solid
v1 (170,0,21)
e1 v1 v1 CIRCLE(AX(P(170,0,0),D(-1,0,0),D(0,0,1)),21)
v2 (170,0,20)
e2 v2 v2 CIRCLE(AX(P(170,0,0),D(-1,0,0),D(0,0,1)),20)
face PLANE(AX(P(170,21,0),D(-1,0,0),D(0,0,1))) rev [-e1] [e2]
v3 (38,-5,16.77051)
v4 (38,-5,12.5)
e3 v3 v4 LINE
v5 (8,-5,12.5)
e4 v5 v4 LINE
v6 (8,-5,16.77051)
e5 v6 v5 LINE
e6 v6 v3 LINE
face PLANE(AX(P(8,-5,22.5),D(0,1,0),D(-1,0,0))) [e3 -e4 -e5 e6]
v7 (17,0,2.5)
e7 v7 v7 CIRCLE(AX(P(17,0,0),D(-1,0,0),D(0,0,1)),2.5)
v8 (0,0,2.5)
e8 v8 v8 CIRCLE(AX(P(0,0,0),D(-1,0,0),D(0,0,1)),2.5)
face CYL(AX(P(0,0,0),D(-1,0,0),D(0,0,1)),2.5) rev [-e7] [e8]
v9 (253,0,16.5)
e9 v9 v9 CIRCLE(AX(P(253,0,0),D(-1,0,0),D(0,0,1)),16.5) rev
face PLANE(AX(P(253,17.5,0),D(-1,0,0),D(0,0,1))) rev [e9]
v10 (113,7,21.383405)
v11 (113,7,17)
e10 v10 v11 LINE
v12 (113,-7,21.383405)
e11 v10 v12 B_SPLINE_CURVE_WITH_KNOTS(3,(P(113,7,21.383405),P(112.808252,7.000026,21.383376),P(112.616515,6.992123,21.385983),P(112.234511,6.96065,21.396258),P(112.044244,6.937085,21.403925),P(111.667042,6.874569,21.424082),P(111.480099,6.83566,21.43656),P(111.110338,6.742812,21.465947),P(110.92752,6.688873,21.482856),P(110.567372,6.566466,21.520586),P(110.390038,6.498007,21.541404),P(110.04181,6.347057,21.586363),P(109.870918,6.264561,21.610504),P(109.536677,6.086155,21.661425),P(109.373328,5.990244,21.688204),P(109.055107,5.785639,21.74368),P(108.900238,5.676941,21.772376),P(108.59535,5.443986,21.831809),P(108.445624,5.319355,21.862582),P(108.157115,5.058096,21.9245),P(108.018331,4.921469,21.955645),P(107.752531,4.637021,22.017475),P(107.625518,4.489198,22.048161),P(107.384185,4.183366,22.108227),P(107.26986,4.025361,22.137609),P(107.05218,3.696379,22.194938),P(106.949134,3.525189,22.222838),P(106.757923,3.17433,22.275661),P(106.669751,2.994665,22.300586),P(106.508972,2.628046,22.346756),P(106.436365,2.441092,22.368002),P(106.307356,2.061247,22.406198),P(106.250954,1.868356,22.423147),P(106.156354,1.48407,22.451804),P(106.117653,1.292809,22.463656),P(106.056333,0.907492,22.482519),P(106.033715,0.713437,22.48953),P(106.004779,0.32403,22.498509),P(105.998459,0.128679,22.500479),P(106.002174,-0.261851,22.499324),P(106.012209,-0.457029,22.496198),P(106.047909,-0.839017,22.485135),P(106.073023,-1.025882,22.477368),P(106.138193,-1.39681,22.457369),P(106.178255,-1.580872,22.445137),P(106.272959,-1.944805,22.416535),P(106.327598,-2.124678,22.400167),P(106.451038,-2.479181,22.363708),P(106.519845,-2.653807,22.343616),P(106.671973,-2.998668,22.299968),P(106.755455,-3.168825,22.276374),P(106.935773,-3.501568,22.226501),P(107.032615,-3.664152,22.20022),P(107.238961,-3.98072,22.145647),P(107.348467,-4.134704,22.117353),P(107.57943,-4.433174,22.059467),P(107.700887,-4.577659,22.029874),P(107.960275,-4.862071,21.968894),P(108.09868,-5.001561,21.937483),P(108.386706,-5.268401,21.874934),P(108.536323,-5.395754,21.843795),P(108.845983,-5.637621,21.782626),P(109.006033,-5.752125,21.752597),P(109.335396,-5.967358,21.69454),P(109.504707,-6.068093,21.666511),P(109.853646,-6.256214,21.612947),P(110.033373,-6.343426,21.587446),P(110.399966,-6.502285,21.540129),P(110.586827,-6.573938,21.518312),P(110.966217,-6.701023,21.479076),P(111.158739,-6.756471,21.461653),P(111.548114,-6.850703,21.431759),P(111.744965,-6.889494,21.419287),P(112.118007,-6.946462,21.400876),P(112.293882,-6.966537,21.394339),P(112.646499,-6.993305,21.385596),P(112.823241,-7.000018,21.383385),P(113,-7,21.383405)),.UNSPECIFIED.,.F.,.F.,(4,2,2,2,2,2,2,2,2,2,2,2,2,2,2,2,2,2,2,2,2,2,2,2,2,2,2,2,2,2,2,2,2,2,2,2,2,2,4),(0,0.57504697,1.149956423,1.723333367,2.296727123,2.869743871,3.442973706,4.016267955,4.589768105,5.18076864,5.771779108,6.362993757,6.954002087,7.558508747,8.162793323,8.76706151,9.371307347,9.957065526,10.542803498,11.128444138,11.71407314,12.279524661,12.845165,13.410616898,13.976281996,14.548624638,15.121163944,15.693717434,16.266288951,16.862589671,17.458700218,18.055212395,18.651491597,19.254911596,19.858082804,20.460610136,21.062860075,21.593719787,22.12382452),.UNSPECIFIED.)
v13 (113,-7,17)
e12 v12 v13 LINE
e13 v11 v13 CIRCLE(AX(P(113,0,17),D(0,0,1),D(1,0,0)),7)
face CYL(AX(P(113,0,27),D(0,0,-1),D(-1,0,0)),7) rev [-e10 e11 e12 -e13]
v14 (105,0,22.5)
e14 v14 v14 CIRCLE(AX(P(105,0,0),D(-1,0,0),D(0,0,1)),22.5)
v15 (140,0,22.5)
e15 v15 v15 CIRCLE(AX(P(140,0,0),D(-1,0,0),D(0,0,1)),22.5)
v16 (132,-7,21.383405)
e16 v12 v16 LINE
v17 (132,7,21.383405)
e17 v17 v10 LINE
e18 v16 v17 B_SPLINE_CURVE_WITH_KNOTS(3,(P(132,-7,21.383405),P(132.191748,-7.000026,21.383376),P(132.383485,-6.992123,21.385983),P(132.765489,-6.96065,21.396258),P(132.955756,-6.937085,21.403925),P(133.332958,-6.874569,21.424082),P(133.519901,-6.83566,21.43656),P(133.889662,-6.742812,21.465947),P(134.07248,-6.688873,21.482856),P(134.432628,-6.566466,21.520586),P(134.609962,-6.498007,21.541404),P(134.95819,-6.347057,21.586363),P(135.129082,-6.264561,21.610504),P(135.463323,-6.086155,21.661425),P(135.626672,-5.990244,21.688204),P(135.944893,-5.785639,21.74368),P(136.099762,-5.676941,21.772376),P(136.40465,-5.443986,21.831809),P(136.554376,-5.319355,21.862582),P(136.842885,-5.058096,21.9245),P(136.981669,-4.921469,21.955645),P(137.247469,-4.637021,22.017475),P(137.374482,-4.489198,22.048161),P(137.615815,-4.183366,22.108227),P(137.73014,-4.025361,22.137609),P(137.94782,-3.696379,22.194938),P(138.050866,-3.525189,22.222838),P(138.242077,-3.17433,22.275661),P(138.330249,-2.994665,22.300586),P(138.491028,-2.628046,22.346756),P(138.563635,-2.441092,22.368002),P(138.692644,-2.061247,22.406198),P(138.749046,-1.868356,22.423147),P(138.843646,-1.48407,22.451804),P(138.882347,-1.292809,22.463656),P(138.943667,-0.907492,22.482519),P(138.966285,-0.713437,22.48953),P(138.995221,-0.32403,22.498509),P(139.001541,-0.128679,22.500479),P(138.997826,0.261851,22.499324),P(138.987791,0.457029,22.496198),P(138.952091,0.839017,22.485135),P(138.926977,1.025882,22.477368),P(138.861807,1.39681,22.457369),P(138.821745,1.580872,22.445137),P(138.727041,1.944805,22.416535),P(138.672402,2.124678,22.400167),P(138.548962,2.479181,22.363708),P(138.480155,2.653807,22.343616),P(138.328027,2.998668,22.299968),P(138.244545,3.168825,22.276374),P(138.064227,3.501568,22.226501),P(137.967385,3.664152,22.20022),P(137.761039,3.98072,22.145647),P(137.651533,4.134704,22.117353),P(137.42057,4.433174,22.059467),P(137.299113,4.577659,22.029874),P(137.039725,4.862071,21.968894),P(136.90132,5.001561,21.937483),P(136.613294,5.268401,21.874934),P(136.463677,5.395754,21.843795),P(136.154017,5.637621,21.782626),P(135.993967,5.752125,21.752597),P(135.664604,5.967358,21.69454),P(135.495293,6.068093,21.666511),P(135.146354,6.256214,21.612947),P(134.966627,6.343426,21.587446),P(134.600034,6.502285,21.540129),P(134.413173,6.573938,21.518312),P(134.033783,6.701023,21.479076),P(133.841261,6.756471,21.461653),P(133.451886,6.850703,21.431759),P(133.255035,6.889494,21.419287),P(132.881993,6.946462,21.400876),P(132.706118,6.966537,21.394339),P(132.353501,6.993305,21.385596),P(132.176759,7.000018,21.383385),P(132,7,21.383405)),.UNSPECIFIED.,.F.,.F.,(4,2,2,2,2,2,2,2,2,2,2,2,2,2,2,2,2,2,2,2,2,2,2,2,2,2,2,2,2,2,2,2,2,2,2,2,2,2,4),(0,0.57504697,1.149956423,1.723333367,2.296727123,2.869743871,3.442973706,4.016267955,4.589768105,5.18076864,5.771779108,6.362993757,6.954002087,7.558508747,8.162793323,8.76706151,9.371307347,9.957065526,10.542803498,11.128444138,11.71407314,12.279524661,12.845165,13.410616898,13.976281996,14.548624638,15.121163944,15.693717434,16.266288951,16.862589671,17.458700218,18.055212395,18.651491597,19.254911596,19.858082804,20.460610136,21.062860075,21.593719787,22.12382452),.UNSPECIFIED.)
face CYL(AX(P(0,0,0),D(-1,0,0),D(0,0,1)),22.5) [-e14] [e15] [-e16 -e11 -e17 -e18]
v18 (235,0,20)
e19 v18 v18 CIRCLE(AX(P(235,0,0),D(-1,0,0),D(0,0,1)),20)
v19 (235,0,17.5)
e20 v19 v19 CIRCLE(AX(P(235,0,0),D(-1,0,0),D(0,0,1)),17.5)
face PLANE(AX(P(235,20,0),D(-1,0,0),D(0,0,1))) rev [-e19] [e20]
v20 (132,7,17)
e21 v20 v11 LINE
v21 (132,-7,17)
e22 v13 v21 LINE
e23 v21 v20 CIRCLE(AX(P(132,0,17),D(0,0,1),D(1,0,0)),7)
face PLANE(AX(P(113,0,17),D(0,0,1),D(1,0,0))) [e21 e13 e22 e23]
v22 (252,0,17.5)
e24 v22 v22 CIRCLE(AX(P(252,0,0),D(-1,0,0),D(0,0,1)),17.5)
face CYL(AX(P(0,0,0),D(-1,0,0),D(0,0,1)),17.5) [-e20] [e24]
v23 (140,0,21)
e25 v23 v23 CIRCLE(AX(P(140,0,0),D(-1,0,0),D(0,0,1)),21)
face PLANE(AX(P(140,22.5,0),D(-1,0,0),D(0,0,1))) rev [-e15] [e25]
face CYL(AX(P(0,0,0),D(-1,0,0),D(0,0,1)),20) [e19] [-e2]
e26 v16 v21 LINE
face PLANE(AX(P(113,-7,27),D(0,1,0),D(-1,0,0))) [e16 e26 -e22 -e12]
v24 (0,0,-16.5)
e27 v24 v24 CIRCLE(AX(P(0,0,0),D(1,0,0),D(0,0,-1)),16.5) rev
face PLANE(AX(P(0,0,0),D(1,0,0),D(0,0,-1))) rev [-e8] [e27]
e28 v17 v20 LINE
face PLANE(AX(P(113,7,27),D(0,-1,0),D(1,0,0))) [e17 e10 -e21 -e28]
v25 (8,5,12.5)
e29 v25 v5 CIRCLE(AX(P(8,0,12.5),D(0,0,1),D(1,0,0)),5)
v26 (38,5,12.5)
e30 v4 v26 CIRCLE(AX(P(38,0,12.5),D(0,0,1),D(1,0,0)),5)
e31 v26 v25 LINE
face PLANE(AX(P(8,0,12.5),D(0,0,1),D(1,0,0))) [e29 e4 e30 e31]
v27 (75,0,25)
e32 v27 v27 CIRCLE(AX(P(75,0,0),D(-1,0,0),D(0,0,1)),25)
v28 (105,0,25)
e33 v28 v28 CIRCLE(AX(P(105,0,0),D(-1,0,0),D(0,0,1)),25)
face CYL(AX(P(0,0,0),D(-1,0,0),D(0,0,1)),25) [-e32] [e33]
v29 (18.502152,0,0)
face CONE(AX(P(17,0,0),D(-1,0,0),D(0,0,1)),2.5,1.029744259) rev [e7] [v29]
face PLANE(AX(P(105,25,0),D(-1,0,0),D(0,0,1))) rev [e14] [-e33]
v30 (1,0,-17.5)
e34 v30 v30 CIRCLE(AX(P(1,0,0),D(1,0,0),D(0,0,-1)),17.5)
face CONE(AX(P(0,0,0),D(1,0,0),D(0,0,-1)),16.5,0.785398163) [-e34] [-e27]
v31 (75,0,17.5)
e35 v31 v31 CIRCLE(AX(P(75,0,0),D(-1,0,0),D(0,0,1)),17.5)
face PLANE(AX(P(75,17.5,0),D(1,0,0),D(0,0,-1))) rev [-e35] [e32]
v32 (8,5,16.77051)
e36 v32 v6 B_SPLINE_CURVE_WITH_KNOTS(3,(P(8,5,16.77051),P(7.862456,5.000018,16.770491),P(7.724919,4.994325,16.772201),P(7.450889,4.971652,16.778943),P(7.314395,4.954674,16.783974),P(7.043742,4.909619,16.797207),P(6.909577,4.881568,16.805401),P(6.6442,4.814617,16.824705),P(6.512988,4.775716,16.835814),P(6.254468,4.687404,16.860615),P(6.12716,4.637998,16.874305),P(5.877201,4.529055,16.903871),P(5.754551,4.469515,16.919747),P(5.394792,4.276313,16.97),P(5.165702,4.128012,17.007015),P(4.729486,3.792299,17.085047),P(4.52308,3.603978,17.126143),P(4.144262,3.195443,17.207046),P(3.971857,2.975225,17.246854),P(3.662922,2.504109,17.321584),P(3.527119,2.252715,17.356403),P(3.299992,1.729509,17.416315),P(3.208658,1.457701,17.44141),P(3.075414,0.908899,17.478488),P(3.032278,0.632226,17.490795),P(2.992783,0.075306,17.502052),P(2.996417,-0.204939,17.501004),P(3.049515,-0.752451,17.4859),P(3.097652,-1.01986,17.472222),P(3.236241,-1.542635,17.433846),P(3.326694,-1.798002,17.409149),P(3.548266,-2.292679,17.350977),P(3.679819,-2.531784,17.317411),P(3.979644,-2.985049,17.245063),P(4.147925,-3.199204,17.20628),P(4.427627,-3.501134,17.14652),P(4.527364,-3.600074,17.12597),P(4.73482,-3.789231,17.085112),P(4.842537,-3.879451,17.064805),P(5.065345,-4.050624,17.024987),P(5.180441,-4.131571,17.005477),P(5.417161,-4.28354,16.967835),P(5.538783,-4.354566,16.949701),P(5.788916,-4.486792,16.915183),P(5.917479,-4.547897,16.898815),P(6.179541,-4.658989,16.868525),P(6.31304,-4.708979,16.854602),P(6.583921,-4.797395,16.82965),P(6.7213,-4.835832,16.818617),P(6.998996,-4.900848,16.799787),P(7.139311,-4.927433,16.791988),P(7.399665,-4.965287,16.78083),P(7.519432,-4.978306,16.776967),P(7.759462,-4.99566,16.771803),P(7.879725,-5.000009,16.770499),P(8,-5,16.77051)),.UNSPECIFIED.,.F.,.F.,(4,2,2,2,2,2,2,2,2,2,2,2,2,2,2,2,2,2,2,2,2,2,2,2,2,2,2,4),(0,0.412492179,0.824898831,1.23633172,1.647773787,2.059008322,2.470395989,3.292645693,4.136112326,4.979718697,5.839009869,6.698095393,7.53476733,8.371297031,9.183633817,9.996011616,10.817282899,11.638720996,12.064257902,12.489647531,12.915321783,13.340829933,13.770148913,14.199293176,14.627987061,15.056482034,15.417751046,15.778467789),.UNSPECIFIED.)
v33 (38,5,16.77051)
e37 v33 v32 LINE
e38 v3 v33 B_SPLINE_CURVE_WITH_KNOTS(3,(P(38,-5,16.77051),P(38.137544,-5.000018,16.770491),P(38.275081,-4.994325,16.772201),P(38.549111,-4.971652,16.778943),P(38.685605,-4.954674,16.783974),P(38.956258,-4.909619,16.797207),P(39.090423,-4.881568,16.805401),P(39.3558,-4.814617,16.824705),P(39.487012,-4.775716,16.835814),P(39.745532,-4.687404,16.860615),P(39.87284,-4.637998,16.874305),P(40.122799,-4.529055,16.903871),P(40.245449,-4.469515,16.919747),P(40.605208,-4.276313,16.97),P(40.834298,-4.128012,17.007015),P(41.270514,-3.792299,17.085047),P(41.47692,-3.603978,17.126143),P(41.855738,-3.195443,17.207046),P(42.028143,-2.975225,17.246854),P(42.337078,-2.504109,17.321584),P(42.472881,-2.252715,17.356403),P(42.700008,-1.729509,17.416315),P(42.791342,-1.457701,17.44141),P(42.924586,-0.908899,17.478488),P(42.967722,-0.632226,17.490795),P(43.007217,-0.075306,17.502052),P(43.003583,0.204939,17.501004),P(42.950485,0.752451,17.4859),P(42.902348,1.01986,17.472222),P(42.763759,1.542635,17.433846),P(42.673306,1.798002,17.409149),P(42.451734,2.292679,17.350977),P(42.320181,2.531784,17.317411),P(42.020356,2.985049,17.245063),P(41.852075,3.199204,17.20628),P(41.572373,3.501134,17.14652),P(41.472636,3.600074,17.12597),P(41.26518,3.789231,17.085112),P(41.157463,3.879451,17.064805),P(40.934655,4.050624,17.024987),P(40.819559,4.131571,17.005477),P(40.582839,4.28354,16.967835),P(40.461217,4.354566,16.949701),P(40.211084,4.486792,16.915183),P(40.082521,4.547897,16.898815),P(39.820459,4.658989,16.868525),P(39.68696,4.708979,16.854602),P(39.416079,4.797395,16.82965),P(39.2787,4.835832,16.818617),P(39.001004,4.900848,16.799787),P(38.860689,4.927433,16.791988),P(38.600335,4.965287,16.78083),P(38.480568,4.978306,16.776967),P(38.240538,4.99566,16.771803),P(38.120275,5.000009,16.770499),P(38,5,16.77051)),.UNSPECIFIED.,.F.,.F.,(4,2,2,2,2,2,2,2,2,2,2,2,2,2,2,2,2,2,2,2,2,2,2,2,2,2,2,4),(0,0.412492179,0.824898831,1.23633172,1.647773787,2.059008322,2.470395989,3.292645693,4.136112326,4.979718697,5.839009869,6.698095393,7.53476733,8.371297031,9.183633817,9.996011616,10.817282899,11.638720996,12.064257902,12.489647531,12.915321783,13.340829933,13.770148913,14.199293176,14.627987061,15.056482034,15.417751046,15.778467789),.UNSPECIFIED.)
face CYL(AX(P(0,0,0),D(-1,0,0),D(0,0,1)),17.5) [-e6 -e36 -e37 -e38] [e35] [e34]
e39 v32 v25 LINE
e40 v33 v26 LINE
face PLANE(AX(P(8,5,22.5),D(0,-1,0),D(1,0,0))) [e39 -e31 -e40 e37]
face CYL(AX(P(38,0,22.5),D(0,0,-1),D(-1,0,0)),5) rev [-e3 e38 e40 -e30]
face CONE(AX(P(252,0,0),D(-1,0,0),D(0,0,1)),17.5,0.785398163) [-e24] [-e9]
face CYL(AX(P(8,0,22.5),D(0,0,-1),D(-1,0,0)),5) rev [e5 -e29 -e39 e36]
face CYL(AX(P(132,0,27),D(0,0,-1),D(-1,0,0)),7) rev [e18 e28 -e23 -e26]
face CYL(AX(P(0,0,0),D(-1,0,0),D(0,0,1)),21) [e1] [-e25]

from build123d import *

# Parameters (mm, degrees)
HOLE_WIZARD_M6_1_D     = 5
HOLE_WIZARD_M6_1_DEPTH = 17
HOLE_WIZARD_M6_1_TIP   = 1.502151548
CUT_EXTRUDE_1_DEPTH    = 10
CUT_EXTRUDE_2_DEPTH    = 10
CHAMFER_1_SIZE         = 1


with BuildPart() as part:
    # 草图1 → 旋转1 (revolve)
    with BuildSketch(Plane.XY, mode=Mode.PRIVATE) as revolve_1_sk:
        Polygon((0, 0), (0, 17.5), (45, 17.5), (75, 17.5), (75, 25), (105, 25), (105, 22.5), (140, 22.5), (140, 21), (170, 21), (170, 20), (235, 20), (235, 17.5), (253, 17.5), (253, 0), align=None)
    revolve(revolve_1_sk.sketch.rotate(Axis((0, 0, 0), (1, 0, 0)), 90), axis=Axis((0, 0, 0), (1, 0, 0)))

    # M6 螺纹孔1
    with Locations(Plane(origin=(0, 0, 0), x_dir=(0, 0, -1), z_dir=(-1, 0, 0))):
        with Locations((0, 0)):
            Hole(HOLE_WIZARD_M6_1_D / 2, depth=HOLE_WIZARD_M6_1_DEPTH)
            with Locations((0, 0, -(HOLE_WIZARD_M6_1_DEPTH + HOLE_WIZARD_M6_1_TIP / 2))):  # 118° drill point
                Cone(0, HOLE_WIZARD_M6_1_D / 2, HOLE_WIZARD_M6_1_TIP, mode=Mode.SUBTRACT)

    # 草图4 → 切除-拉伸1 (cut)
    with BuildSketch(Plane.XY.offset(17)):
        with BuildLine():
            Line((113, 7), (132, 7))
            ThreePointArc((132, 7), (139, 0), (132, -7))
            Line((132, -7), (113, -7))
            ThreePointArc((113, -7), (106, 0), (113, 7))
        make_face()
    extrude(amount=CUT_EXTRUDE_1_DEPTH, mode=Mode.SUBTRACT)

    # 草图5 → 切除-拉伸2 (cut)
    with BuildSketch(Plane.XY.offset(12.5)):
        with BuildLine():
            Line((8, 5), (38, 5))
            ThreePointArc((38, 5), (43, 0), (38, -5))
            Line((38, -5), (8, -5))
            ThreePointArc((8, -5), (3, 0), (8, 5))
        make_face()
    extrude(amount=CUT_EXTRUDE_2_DEPTH, mode=Mode.SUBTRACT)

    # 倒角1
    chamfer_1_edges = [part.edges().sort_by_distance(p)[0] for p in [
        (253, 0, -17.5),
        (0, 0, -17.5),
    ]]
    chamfer(chamfer_1_edges, length=CHAMFER_1_SIZE)


solid = part.part
